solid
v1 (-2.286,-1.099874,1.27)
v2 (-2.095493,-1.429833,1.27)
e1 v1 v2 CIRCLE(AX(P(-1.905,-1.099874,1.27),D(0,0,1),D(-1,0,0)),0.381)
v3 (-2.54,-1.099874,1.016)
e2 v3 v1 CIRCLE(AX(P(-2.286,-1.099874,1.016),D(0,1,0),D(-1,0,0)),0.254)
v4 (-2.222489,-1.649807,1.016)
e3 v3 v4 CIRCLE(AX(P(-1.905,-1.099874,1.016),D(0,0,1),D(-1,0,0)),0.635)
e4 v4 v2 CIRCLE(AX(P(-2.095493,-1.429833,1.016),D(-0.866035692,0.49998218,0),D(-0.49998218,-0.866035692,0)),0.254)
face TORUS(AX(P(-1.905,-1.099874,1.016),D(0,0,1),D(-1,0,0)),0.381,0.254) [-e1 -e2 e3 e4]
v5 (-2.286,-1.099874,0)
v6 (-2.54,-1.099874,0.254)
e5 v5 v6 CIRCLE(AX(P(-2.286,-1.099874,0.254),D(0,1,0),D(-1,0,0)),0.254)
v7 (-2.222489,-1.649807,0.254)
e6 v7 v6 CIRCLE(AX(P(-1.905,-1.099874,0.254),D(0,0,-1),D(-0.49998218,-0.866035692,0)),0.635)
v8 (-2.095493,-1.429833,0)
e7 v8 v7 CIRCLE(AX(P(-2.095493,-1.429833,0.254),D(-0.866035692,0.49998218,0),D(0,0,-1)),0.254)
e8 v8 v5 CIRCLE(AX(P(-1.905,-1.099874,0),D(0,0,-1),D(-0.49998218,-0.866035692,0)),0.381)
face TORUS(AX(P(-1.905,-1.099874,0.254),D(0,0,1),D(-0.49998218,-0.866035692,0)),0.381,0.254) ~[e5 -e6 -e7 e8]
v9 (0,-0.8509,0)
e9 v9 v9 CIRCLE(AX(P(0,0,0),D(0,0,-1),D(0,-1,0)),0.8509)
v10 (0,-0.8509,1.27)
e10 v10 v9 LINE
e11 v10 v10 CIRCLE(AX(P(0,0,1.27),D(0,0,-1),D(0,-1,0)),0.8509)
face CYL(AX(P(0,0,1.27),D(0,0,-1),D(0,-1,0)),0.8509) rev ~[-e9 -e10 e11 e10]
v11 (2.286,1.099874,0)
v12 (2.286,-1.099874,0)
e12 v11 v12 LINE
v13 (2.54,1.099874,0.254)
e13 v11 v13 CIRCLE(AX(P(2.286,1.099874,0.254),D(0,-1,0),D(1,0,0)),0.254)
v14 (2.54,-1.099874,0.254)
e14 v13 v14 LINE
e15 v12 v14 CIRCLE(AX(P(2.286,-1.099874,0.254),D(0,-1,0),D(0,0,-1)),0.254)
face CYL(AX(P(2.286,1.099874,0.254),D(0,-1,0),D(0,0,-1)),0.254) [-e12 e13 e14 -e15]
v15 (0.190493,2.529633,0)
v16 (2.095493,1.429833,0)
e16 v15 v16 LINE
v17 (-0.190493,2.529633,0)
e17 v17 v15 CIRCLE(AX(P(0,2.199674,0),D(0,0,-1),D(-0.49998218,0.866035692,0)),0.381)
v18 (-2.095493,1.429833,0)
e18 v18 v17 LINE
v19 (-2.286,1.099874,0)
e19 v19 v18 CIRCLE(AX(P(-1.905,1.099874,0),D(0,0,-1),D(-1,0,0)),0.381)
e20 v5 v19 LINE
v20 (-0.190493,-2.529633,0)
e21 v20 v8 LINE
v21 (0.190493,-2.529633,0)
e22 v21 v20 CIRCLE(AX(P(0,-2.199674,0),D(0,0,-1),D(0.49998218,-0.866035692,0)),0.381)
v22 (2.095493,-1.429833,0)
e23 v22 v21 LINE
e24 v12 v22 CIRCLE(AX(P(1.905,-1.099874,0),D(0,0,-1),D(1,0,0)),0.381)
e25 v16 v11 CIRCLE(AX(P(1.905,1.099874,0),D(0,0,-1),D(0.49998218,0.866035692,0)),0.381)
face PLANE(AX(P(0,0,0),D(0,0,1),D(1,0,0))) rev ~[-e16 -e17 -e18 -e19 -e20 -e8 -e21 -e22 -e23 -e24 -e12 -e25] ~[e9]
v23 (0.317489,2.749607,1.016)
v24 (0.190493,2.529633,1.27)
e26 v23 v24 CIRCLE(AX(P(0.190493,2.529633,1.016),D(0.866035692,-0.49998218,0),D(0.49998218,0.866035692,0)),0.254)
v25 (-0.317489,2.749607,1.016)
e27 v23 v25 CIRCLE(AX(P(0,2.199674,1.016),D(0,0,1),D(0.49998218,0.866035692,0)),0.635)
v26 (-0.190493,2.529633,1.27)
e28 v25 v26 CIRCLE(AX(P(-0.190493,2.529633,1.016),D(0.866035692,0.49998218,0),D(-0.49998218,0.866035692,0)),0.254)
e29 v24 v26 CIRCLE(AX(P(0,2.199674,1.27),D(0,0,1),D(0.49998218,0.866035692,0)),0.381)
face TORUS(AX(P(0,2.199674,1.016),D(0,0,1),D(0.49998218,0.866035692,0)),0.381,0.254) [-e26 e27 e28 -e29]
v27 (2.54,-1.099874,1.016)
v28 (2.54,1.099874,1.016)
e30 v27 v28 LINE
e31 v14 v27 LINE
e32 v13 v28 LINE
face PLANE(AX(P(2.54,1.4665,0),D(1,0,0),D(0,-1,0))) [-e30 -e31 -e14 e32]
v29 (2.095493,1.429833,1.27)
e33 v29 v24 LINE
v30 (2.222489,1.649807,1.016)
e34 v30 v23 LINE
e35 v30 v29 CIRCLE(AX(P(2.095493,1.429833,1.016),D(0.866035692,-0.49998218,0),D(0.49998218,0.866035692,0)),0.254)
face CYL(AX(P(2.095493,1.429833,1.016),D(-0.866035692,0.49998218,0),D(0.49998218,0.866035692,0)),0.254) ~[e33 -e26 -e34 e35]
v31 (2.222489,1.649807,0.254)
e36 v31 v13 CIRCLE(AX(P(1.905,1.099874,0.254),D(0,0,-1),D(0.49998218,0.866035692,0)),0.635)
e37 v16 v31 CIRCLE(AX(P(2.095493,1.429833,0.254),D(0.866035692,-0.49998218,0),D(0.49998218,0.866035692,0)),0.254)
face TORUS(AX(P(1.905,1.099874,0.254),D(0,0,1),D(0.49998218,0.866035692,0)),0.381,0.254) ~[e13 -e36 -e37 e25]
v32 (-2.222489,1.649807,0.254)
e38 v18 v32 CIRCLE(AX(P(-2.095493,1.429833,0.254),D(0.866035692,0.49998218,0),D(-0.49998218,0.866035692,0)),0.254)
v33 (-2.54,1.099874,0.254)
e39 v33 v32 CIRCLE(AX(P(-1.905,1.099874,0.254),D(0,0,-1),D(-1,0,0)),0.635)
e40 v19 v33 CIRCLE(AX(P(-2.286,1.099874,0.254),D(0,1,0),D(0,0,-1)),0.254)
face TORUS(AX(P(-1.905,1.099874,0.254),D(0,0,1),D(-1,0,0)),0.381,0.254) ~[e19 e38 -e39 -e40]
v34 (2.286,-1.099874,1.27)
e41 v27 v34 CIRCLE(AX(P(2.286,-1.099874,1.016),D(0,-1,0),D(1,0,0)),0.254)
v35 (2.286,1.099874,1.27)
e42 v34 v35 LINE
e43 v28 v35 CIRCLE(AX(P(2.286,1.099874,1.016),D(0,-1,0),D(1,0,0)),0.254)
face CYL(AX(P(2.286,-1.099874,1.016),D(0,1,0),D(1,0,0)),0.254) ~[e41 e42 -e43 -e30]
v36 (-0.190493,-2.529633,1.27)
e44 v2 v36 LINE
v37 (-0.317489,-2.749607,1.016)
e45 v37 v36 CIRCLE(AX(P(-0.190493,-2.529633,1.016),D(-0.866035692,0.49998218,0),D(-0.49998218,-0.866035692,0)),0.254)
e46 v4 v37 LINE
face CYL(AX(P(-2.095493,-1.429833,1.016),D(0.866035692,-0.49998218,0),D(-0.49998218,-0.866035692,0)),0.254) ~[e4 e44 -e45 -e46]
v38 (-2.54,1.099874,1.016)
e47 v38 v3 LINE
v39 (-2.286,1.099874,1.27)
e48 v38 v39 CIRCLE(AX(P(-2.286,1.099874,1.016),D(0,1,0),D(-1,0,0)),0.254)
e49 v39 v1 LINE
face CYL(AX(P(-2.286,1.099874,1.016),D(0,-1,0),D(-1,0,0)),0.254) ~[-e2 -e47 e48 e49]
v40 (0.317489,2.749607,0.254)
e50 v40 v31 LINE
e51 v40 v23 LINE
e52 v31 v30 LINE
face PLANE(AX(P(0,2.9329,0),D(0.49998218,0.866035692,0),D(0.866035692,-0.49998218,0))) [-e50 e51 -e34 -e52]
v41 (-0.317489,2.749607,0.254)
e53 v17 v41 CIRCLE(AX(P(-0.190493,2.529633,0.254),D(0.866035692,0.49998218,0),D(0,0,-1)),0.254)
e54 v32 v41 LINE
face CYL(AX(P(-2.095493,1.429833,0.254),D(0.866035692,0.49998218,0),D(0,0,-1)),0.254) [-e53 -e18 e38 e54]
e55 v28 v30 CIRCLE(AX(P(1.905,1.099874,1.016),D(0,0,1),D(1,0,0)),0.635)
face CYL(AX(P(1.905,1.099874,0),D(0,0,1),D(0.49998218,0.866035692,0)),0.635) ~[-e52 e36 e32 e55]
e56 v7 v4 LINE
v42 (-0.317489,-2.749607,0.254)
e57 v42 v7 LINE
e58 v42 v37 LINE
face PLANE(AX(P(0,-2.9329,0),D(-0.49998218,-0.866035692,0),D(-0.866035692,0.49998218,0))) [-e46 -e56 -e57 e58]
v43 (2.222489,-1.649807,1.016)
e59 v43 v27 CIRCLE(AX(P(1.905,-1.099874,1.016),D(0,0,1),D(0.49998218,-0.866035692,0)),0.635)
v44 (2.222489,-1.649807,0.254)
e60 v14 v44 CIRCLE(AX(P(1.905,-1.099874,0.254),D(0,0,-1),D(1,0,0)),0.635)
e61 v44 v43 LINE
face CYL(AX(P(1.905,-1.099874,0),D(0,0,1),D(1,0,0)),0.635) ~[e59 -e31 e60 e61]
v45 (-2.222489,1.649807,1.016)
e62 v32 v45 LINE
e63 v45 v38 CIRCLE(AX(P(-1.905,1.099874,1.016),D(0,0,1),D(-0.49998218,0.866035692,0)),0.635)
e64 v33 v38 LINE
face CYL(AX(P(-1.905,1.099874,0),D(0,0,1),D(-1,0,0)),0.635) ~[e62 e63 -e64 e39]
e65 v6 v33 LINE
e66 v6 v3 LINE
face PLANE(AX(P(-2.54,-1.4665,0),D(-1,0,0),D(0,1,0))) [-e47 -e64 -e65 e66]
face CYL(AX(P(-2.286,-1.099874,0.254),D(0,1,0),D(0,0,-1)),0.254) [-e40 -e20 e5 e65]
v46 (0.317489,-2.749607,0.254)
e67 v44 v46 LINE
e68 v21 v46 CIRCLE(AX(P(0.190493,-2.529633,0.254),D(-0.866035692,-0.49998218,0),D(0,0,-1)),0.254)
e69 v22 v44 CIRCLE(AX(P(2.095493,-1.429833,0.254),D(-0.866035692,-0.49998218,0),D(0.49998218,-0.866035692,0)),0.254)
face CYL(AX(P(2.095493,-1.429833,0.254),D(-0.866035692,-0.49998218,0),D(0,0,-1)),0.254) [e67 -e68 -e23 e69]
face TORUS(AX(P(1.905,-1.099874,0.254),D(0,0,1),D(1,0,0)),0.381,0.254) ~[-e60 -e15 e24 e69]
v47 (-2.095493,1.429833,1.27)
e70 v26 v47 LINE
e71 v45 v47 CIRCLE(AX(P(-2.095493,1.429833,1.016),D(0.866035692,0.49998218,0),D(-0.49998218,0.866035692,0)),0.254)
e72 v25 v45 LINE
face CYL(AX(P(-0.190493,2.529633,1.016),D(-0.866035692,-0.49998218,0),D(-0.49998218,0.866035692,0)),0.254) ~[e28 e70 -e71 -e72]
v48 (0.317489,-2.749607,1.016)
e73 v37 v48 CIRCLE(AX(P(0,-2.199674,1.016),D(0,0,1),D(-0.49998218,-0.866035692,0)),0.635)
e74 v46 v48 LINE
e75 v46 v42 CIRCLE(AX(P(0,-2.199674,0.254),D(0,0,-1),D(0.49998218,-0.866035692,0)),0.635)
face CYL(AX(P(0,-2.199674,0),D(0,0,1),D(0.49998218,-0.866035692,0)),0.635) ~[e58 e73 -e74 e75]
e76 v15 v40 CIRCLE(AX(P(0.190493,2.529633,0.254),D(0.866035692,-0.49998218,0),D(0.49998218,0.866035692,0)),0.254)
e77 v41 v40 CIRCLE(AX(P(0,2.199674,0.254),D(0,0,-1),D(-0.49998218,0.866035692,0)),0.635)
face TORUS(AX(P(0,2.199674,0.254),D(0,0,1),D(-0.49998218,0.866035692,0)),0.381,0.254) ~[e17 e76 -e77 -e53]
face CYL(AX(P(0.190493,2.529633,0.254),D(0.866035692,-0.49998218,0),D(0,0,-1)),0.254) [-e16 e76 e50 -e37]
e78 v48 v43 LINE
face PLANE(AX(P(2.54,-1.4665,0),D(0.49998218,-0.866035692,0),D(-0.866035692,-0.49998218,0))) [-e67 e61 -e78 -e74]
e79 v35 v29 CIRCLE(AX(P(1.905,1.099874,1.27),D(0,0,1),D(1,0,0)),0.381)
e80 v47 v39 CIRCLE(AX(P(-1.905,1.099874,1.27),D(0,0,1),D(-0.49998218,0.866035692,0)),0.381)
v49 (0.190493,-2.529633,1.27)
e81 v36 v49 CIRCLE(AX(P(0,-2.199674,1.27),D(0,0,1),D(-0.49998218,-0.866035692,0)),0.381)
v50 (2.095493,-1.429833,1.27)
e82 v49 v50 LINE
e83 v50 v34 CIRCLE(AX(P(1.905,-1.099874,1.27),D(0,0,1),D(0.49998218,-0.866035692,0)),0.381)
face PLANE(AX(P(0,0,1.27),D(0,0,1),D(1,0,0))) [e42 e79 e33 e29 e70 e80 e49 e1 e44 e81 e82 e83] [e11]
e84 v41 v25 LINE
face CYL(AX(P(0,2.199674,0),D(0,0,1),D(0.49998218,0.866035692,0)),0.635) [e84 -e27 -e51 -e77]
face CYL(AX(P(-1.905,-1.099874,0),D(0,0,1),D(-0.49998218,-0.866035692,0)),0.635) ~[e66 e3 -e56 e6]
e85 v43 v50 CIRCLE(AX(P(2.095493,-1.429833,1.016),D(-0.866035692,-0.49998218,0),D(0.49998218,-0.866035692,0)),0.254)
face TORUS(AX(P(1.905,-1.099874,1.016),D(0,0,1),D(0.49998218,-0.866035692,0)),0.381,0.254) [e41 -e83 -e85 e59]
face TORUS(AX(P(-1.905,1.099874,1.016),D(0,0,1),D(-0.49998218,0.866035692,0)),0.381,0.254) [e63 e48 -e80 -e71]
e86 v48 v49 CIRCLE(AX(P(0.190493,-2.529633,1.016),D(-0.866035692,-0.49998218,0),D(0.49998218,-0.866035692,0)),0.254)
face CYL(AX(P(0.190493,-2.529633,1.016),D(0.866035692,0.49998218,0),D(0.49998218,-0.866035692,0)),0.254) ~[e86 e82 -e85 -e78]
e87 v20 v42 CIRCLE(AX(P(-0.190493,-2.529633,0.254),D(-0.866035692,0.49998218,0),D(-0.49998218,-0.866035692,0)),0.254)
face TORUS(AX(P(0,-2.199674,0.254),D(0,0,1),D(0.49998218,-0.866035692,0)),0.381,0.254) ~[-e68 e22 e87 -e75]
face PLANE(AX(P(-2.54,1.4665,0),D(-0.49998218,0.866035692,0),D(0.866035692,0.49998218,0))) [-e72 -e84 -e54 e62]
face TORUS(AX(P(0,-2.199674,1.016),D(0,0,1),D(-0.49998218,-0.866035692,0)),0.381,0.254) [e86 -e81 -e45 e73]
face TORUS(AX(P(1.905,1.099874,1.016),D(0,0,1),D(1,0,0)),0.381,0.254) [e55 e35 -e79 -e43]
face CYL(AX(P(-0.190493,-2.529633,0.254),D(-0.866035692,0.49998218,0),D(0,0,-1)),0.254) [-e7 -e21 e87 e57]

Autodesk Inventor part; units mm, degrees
ref_plane "YZ Plane" through (0, 0, 0) normal (1, 0, 0) x (0, 1, 0)
ref_plane "XZ Plane" through (0, 0, 0) normal (0, 1, 0) x (-1, 0, 0)
ref_plane "XY Plane" through (0, 0, 0) normal (0, 0, 1) x (1, 0, 0)
sketch "Sketch1" plane through (0, 0, 0) normal (0, 0, 1) x (1, 0, 0)
  line L0 (0, 2.9329) -> (2.54, 1.4665)
  line L1 (2.54, 1.4665) -> (2.54, -1.4665)
  line L2 (2.54, -1.4665) -> (0, -2.9329)
  line L3 (0, -2.9329) -> (-2.54, -1.4665)
  line L4 (-2.54, -1.4665) -> (-2.54, 1.4665)
  line L5 (-2.54, 1.4665) -> (0, 2.9329)
  point P0 (0, 0)
  point P1 (0, 0)
  dimension "d0" = 5.08
extrude "Extrusion1" add sketch "Sketch1" along normal blind 1.27
fillet "Fillet1" radius 0.635 6 edges at (-2.54, -1.4665, 0.635) (0, -2.9329, 0.635) (2.54, -1.4665, 0.635) (-2.54, 1.4665, 0.635) (2.54, 1.4665, 0.635) (0, 2.9329, 0.635)
fillet "Fillet2" radius 0.254 12 edges at (0, 2.8347, 1.27) (-1.27, 2.1997, 1.27) (-2.4549, 1.4174, 1.27) (-2.54, 0, 1.27) (-2.4549, -1.4174, 1.27) (-1.27, -2.1997, 1.27) (0, -2.8347, 1.27) (1.27, -2.1997, 1.27) (2.4549, -1.4174, 1.27) (2.54, 0, 1.27) (2.4549, 1.4174, 1.27) (1.27, 2.1997, 1.27)
fillet "Fillet3" radius 0.254 12 edges at (2.4549, 1.4174, 0) (2.54, 0, 0) (2.4549, -1.4174, 0) (1.27, -2.1997, 0) (0, -2.8347, 0) (-1.27, -2.1997, 0) (-2.4549, -1.4174, 0) (-2.54, 0, 0) (-2.4549, 1.4174, 0) (-1.27, 2.1997, 0) (0, 2.8347, 0) (1.27, 2.1997, 0)
sketch "Sketch2" plane through (0, 0, 1.27) normal (0, 0, 1) x (1, 0, 0)
  point P0 (0, 0)
  point P1 (0, 0)
hole "Hole1" at (0, 0, 1.27) direction (0, 0, -1) diameter 1.7018 depth 6.6294 tip angle 118
properties part number "magnet_spacer_nut" material "Steel, Alloy"
